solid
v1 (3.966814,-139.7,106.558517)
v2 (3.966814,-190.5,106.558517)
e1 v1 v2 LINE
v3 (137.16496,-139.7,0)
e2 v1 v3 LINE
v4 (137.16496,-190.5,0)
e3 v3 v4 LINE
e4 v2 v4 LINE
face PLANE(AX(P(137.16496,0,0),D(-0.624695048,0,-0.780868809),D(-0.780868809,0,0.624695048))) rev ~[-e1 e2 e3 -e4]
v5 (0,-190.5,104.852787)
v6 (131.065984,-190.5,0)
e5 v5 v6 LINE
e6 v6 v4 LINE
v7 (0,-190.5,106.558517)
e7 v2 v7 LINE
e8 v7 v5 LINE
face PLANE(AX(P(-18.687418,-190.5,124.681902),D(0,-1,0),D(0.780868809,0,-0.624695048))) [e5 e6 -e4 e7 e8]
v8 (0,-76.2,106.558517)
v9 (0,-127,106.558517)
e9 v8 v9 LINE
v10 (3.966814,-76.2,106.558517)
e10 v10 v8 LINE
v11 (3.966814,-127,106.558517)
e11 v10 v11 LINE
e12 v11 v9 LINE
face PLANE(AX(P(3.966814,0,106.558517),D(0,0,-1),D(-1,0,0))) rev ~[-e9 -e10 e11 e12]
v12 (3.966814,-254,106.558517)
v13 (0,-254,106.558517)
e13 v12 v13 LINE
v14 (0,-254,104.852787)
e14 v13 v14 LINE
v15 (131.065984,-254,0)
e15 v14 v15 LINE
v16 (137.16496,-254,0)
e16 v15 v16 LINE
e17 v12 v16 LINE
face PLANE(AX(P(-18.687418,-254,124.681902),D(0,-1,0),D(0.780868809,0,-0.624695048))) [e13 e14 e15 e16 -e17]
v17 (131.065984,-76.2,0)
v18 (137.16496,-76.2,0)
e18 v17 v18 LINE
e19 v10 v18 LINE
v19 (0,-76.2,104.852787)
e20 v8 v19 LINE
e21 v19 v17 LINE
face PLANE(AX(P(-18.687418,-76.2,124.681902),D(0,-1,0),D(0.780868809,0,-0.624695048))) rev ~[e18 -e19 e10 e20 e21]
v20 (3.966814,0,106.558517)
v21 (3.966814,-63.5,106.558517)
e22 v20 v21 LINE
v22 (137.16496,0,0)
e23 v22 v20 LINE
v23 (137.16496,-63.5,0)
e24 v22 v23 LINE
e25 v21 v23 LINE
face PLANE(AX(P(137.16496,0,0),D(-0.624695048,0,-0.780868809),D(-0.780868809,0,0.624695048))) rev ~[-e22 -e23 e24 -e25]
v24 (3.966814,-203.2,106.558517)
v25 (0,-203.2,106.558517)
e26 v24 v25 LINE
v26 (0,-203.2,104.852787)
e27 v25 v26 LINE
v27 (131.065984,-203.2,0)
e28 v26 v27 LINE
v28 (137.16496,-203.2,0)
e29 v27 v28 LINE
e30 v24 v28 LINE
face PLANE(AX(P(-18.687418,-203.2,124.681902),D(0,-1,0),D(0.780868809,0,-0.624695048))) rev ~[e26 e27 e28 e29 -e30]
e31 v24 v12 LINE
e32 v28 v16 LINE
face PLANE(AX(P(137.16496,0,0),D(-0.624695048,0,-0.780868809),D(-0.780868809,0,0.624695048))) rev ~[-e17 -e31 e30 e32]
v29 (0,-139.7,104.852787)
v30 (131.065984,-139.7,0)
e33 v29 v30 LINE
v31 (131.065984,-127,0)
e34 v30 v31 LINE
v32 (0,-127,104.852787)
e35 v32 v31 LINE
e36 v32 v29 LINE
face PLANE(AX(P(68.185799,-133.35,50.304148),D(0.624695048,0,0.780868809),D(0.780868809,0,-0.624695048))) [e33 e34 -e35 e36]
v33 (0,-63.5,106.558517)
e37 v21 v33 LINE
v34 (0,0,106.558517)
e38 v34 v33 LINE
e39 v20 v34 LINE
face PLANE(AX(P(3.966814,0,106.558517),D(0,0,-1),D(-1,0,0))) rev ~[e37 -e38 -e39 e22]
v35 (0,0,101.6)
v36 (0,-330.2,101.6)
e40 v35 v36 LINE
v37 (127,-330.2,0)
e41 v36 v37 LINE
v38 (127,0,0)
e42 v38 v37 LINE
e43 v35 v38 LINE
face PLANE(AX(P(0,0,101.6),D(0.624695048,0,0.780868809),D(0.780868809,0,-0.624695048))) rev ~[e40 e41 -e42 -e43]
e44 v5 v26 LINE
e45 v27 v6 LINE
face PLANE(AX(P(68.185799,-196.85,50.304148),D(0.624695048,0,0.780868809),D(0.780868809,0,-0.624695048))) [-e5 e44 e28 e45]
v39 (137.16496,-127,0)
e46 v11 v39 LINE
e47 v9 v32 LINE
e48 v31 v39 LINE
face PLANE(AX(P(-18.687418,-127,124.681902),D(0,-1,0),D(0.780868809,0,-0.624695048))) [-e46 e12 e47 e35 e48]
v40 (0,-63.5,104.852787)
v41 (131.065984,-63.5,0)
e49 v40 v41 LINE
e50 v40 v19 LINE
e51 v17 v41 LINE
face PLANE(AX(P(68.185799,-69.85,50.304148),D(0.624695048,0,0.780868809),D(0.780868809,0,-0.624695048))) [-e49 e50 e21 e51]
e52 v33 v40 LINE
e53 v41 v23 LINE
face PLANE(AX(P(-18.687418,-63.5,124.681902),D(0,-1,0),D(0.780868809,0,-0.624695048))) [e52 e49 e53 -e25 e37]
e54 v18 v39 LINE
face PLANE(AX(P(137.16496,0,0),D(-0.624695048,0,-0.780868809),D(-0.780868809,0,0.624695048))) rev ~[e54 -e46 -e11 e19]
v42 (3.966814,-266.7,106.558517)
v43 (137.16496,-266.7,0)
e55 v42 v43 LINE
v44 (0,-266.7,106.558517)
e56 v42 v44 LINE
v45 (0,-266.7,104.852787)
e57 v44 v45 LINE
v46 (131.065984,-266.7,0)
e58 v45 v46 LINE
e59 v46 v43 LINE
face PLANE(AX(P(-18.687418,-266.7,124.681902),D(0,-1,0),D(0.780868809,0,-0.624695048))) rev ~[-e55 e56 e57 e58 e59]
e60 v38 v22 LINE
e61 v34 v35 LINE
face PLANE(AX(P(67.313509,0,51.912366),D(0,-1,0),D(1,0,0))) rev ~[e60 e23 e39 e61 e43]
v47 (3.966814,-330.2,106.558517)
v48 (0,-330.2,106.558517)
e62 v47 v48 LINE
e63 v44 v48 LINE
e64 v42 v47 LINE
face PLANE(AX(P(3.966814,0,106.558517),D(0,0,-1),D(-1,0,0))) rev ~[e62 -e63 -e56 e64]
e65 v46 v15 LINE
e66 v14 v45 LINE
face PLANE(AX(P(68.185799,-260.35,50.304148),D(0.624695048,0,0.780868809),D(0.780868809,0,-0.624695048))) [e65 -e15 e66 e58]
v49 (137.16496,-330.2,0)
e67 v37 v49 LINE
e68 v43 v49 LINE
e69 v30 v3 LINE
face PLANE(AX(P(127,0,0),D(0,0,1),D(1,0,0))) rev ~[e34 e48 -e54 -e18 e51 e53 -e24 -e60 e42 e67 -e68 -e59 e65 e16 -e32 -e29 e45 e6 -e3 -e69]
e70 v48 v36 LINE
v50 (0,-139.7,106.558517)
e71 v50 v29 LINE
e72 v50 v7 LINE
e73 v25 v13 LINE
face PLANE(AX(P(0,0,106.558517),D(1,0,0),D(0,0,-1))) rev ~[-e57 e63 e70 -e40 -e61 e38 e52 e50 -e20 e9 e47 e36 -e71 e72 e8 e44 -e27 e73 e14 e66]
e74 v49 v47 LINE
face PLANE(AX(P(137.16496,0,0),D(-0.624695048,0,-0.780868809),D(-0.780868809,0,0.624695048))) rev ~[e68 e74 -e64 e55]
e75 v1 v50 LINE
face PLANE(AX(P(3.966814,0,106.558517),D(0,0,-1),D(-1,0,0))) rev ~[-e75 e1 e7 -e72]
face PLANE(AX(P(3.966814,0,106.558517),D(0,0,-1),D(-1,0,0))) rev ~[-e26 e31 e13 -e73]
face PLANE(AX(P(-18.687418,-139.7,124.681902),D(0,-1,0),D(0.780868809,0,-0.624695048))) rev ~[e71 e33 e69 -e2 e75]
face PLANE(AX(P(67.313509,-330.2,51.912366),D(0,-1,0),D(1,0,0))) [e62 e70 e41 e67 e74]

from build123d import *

# Parameters (mm, degrees)
F1_DEPTH = 330.2
F2_W     = 228.6
F2_H     = 12.7
F3_DEPTH = 3.81


with BuildPart() as f1:
    # F0 (on Front) → F1 (new body)
    with BuildSketch(Plane.XZ):
        Polygon((0, 106.55851694), (0, 101.6), (127, 0), (137.1649597269, 0), (3.966813552, 106.55851694), align=None)
    extrude(amount=F1_DEPTH)

    # F2 (on face) → F3 (cut)
    with BuildSketch(Plane(origin=(53.5277891617, 0, 66.9097364522), x_dir=(0.7808688094, 0, -0.6246950476), z_dir=(0.6246950476, 0, 0.7808688094))):
        with Locations((21.8194109839, -260.35)):
            Rectangle(F2_W, F2_H)
        with Locations((21.8194109839, -196.85)):
            Rectangle(F2_W, F2_H)
        with Locations((21.8194109839, -133.35)):
            Rectangle(F2_W, F2_H)
        with Locations((21.8194109839, -69.85)):
            Rectangle(F2_W, F2_H)
    extrude(amount=-F3_DEPTH, mode=Mode.SUBTRACT)


solid = f1.part
